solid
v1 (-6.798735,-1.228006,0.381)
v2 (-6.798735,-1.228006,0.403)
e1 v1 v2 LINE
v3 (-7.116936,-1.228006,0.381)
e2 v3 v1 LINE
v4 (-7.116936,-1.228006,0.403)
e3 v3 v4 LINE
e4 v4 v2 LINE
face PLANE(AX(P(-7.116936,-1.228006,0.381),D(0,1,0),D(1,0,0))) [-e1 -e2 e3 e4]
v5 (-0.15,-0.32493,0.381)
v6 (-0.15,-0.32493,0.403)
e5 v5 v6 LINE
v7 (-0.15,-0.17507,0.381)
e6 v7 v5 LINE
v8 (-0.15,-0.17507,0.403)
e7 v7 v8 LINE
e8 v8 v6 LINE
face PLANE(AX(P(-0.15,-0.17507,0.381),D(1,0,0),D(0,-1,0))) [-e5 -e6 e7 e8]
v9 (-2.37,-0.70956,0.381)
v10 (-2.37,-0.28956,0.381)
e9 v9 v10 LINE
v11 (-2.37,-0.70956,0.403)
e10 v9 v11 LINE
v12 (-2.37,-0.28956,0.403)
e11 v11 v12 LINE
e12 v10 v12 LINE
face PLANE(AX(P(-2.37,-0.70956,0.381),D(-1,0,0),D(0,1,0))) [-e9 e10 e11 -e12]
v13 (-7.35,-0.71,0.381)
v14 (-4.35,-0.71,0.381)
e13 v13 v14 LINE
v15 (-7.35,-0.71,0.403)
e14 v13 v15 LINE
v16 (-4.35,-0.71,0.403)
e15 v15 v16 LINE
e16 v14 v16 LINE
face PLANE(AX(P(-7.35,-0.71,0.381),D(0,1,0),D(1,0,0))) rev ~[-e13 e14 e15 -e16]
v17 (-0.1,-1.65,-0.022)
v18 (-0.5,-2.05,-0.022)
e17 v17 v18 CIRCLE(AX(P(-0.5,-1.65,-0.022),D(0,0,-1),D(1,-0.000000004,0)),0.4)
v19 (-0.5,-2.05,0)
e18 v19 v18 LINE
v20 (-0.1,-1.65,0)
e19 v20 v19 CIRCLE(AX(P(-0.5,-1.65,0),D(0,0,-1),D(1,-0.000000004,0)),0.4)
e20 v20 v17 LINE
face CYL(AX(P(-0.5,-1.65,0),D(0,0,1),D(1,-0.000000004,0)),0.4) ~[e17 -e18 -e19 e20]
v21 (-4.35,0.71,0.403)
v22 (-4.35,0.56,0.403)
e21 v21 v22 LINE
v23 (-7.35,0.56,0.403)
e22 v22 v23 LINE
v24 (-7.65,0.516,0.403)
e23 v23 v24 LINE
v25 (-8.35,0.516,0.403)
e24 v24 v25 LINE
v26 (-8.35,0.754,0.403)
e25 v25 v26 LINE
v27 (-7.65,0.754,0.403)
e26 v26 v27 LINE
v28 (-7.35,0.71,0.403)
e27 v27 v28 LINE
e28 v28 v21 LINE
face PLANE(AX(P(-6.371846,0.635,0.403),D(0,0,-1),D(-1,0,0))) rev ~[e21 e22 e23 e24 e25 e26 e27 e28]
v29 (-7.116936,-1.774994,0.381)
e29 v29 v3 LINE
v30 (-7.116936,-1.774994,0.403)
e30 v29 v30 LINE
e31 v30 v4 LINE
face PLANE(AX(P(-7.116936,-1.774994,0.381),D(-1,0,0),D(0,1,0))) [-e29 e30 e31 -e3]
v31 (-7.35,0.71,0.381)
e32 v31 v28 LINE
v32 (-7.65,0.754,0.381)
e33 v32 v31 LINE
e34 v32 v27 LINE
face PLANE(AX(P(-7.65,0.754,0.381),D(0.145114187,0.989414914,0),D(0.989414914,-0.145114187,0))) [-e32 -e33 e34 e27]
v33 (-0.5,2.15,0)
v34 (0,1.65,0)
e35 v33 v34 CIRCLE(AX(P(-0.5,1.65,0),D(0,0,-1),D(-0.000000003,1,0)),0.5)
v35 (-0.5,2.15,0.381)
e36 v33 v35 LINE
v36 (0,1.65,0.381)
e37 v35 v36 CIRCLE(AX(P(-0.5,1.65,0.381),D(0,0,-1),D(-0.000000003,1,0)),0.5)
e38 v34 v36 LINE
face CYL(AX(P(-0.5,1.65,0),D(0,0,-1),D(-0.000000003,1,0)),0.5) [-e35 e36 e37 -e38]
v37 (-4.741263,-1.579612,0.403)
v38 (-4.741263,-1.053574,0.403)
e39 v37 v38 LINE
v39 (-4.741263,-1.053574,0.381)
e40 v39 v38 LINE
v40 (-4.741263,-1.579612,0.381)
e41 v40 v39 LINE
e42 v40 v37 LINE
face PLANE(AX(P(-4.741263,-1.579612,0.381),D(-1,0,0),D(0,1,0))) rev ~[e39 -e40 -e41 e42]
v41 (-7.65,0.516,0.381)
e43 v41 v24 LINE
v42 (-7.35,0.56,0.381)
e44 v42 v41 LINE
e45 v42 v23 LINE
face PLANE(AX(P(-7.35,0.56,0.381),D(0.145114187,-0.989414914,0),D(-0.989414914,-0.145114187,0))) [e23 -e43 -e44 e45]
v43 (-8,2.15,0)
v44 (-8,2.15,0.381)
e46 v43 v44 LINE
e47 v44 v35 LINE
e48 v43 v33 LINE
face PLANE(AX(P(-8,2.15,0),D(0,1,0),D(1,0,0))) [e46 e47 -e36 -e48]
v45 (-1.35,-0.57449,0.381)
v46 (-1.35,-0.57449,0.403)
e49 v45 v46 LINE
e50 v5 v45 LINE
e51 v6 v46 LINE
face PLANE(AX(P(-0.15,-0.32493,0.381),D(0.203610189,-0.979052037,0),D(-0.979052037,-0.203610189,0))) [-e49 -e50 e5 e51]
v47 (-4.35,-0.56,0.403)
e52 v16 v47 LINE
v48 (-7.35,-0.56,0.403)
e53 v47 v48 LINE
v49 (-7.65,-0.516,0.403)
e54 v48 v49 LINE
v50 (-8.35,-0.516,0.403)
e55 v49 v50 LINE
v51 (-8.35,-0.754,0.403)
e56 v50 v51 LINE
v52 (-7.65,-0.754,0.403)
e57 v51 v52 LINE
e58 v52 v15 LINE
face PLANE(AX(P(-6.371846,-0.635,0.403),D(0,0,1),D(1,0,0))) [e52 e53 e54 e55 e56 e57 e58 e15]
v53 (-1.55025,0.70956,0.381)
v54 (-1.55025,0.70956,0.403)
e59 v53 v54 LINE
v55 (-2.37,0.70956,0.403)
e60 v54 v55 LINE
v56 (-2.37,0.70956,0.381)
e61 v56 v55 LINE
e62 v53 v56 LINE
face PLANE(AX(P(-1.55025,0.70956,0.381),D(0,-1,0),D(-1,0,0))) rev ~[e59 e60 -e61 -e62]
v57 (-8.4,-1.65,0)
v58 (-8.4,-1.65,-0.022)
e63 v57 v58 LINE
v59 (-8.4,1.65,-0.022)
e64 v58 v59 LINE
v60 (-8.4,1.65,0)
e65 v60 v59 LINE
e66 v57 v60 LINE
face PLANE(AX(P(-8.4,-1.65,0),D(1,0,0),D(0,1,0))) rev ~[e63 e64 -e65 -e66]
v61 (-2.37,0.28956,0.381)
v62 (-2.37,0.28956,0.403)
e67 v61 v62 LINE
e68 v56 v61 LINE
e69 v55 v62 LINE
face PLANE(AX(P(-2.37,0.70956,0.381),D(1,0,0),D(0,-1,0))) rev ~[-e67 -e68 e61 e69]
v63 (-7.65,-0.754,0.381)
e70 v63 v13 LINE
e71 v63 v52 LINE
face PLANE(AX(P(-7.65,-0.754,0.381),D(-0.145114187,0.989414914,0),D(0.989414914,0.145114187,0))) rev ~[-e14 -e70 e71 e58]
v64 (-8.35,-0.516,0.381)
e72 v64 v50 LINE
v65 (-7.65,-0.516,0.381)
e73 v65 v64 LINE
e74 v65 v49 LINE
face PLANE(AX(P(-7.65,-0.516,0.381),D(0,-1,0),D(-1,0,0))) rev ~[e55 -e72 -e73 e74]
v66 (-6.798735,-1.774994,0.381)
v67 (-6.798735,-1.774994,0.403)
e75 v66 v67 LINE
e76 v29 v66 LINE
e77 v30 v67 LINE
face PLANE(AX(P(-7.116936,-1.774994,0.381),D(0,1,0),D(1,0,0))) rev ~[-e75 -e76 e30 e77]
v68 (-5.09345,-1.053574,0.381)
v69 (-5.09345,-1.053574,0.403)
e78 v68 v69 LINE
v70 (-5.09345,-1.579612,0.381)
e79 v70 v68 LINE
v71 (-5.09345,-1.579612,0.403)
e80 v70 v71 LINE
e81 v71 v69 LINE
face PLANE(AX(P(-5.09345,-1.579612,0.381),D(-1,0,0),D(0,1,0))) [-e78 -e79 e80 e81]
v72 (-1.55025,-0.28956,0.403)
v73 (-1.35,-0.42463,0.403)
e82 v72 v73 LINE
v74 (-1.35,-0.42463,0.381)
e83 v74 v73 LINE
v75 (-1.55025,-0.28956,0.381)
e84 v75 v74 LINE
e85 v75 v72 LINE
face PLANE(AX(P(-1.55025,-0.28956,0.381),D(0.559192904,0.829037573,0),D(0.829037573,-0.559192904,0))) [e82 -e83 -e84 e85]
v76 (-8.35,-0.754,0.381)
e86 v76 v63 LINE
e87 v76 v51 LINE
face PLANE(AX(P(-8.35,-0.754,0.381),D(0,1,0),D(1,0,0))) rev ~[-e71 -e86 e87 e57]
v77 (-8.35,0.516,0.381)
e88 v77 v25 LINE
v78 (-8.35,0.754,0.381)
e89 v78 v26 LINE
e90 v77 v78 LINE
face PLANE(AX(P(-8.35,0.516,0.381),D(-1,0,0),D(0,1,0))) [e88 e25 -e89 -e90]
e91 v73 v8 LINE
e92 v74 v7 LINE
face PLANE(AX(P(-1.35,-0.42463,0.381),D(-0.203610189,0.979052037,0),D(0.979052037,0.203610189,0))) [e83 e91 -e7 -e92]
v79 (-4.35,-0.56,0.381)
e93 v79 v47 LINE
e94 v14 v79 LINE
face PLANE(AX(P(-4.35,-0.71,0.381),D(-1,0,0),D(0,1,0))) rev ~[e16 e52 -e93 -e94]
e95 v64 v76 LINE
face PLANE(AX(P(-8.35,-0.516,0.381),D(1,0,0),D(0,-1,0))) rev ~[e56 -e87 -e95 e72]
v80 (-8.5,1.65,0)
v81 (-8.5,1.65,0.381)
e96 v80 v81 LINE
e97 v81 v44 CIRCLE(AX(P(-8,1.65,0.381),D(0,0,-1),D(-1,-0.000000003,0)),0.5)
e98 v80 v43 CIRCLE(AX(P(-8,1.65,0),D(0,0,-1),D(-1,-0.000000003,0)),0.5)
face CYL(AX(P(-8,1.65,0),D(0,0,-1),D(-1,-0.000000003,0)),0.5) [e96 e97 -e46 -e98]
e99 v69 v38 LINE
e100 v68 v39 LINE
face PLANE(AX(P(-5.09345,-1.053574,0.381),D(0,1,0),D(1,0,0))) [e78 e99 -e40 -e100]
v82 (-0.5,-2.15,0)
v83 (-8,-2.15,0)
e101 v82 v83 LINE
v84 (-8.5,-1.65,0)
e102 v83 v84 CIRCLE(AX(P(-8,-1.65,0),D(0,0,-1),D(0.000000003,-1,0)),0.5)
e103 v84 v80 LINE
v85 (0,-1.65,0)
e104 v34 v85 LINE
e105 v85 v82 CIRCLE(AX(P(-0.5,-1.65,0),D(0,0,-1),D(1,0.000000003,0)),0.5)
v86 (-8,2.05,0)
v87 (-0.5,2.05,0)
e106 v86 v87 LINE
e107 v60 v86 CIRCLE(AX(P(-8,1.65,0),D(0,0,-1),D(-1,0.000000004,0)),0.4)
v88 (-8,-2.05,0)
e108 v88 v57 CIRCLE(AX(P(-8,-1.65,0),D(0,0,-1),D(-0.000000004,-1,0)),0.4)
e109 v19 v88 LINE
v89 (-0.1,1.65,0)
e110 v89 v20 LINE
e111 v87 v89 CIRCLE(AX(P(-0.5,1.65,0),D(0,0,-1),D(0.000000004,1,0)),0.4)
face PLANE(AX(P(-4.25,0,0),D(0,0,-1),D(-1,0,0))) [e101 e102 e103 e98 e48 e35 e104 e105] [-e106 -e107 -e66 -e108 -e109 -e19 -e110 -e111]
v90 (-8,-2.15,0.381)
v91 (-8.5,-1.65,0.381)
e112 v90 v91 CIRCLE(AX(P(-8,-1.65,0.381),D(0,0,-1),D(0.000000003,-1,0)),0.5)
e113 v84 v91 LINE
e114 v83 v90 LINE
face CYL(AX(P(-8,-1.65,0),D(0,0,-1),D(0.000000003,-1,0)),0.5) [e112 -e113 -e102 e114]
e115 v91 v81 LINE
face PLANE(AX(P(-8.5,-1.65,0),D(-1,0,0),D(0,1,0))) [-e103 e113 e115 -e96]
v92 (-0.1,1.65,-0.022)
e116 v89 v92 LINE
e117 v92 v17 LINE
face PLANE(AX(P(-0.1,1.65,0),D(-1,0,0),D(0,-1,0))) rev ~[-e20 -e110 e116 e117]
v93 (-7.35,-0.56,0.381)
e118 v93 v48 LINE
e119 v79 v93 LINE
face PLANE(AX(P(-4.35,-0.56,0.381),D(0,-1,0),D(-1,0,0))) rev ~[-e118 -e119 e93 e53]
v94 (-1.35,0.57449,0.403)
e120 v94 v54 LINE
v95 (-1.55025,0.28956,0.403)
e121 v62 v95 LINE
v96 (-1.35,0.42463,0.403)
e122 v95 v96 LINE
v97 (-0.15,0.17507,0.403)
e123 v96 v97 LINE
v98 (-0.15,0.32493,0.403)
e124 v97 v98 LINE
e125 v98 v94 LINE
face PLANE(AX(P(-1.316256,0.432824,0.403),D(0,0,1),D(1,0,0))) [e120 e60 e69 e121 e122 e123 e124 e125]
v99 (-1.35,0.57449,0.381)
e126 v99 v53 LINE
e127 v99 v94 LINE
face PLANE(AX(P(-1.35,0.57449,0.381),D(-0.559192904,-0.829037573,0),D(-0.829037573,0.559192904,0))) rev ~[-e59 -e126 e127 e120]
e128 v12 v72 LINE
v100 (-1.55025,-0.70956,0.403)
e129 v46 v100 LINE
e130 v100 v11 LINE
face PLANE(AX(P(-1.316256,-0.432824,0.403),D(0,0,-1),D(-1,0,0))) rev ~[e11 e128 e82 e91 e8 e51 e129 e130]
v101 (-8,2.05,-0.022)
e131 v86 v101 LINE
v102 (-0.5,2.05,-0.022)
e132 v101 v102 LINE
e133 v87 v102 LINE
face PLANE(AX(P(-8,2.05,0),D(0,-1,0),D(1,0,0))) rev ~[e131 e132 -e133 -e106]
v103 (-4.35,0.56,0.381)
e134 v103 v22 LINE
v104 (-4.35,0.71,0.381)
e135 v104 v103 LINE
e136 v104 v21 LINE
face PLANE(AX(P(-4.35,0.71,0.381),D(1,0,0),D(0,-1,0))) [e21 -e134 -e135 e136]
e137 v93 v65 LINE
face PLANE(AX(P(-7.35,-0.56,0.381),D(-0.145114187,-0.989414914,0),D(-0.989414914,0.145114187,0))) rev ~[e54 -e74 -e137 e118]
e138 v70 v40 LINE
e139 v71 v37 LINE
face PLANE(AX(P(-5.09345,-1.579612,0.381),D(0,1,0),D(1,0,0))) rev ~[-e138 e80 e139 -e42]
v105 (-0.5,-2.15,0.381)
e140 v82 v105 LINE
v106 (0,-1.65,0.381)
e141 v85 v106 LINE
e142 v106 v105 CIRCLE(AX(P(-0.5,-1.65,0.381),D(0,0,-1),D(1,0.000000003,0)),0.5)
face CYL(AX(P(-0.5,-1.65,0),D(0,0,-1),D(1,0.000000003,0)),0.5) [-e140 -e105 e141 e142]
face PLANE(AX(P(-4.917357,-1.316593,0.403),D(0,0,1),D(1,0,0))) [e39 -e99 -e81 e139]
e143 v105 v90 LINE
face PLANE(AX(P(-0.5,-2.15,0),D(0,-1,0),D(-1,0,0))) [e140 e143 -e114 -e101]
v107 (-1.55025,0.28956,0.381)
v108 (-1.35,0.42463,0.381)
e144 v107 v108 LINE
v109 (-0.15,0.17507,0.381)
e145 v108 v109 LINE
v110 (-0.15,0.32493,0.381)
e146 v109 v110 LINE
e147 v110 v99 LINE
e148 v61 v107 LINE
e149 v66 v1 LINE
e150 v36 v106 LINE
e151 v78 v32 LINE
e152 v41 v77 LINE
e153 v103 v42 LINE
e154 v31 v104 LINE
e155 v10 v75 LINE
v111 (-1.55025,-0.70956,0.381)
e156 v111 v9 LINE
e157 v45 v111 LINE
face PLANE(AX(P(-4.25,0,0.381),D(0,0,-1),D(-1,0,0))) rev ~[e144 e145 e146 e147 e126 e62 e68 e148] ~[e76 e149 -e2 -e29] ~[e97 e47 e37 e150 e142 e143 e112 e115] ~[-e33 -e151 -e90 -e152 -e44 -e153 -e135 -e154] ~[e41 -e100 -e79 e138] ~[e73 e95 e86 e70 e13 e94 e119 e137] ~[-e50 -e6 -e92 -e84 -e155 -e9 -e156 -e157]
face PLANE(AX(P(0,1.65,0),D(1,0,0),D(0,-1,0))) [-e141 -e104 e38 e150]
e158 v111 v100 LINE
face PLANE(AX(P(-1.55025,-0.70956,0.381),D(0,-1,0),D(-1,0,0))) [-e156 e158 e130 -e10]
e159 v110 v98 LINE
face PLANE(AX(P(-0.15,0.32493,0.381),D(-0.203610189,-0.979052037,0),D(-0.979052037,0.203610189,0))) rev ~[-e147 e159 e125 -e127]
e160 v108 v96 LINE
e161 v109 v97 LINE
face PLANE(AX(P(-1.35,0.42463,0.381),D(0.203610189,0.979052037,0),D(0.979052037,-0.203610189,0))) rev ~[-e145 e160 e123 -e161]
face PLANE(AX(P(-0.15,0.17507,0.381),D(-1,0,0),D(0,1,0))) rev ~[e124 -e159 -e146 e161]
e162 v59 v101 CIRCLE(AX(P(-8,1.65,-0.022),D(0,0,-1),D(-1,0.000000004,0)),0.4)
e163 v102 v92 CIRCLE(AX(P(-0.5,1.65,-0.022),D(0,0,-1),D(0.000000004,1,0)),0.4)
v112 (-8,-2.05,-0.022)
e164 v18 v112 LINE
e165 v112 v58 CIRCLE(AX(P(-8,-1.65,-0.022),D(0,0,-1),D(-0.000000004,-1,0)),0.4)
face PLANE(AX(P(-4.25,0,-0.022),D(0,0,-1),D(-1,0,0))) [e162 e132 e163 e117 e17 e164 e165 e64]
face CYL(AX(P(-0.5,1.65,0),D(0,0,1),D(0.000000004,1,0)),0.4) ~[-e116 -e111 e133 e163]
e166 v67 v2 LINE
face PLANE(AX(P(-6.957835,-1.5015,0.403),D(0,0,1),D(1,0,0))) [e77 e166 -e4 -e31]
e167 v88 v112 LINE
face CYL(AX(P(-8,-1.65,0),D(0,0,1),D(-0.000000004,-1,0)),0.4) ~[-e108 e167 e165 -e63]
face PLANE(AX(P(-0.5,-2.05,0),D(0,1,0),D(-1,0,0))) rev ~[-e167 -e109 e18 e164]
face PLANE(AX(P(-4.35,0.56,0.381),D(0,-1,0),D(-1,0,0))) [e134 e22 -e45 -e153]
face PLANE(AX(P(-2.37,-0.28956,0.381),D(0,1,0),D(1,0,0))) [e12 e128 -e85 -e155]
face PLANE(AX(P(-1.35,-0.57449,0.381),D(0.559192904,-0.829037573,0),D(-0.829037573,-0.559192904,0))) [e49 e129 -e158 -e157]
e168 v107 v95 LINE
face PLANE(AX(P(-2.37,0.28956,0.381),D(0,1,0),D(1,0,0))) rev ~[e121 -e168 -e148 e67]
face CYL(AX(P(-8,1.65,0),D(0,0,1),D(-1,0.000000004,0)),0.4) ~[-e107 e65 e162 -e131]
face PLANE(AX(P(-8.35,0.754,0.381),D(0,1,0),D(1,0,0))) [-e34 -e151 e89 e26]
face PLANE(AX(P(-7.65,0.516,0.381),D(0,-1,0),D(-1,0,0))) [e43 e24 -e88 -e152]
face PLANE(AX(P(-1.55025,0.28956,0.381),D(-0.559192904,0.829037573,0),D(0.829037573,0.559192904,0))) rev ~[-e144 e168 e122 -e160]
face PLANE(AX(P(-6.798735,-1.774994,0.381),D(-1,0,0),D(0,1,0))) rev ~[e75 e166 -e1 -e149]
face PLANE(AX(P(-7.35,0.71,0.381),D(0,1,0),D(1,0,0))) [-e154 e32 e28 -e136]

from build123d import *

# Parameters (mm, degrees)
BE_00_BOARD_DEPTH   = 0.381
SKETCH2_W           = 0.318200966
SKETCH2_H           = 0.54698776
SKETCH2_W_2         = 0.352186611
SKETCH2_H_2         = 0.526038031
BE_00_TRACES_DEPTH  = 0.022
BOSS_EXTRUDE1_DEPTH = 0.022


with BuildPart() as part:
    # Sketch1 → BE-00 Board (new body)
    with BuildSketch(Plane.XY):
        with BuildLine():
            Line((-8, 2.15), (-0.5, 2.15))
            ThreePointArc((-0.5, 2.15), (-0.146446609, 2.003553391), (0, 1.65))
            Line((0, 1.65), (0, -1.65))
            ThreePointArc((0, -1.65), (-0.146446609, -2.003553391), (-0.5, -2.15))
            Line((-0.5, -2.15), (-8, -2.15))
            ThreePointArc((-8, -2.15), (-8.353553391, -2.003553391), (-8.5, -1.65))
            Line((-8.5, -1.65), (-8.5, 1.65))
            ThreePointArc((-8.5, 1.65), (-8.353553391, 2.003553391), (-8, 2.15))
        make_face()
    extrude(amount=BE_00_BOARD_DEPTH)

    # Sketch2 → BE-00 Traces (add)
    with BuildSketch(Plane.XY.offset(0.381)):
        Polygon((-0.15, -0.17507), (-0.15, -0.32493), (-1.35, -0.57449), (-1.55024951, -0.70956), (-2.37, -0.70956), (-2.37, -0.28956), (-1.55024951, -0.28956), (-1.35, -0.42463), align=None)
        Polygon((-4.35, -0.56), (-7.35, -0.56), (-7.65, -0.516), (-8.35, -0.516), (-8.35, -0.754), (-7.65, -0.754), (-7.35, -0.71), (-4.35, -0.71), align=None)
        Polygon((-4.35, 0.71), (-4.35, 0.56), (-7.35, 0.56), (-7.65, 0.516), (-8.35, 0.516), (-8.35, 0.754), (-7.65, 0.754), (-7.35, 0.71), align=None)
        Polygon((-1.35, 0.42463), (-0.15, 0.17507), (-0.15, 0.32493), (-1.35, 0.57449), (-1.55024951, 0.70956), (-2.37, 0.70956), (-2.37, 0.28956), (-1.55024951, 0.28956), align=None)
        with Locations((-6.957835324, -1.501500363)):
            Rectangle(SKETCH2_W, SKETCH2_H)
        with Locations((-4.91735677, -1.316593308)):
            Rectangle(SKETCH2_W_2, SKETCH2_H_2)
    extrude(amount=BE_00_TRACES_DEPTH)

    # Sketch4 → Boss-Extrude1 (add)
    with BuildSketch(Plane(origin=(0, 0, 0), x_dir=(-1, 0, 0), z_dir=(0, 0, -1))):
        with BuildLine():
            Line((0.5, -2.05), (8, -2.05))
            ThreePointArc((8, -2.05), (8.282842712, -1.932842712), (8.4, -1.65))
            Line((8.4, -1.65), (8.4, 1.65))
            ThreePointArc((8.4, 1.65), (8.282842712, 1.932842712), (8, 2.05))
            Line((8, 2.05), (0.5, 2.05))
            ThreePointArc((0.5, 2.05), (0.217157288, 1.932842712), (0.1, 1.65))
            Line((0.1, 1.65), (0.1, -1.65))
            ThreePointArc((0.1, -1.65), (0.217157288, -1.932842712), (0.5, -2.05))
        make_face()
    extrude(amount=BOSS_EXTRUDE1_DEPTH)


solid = part.part
